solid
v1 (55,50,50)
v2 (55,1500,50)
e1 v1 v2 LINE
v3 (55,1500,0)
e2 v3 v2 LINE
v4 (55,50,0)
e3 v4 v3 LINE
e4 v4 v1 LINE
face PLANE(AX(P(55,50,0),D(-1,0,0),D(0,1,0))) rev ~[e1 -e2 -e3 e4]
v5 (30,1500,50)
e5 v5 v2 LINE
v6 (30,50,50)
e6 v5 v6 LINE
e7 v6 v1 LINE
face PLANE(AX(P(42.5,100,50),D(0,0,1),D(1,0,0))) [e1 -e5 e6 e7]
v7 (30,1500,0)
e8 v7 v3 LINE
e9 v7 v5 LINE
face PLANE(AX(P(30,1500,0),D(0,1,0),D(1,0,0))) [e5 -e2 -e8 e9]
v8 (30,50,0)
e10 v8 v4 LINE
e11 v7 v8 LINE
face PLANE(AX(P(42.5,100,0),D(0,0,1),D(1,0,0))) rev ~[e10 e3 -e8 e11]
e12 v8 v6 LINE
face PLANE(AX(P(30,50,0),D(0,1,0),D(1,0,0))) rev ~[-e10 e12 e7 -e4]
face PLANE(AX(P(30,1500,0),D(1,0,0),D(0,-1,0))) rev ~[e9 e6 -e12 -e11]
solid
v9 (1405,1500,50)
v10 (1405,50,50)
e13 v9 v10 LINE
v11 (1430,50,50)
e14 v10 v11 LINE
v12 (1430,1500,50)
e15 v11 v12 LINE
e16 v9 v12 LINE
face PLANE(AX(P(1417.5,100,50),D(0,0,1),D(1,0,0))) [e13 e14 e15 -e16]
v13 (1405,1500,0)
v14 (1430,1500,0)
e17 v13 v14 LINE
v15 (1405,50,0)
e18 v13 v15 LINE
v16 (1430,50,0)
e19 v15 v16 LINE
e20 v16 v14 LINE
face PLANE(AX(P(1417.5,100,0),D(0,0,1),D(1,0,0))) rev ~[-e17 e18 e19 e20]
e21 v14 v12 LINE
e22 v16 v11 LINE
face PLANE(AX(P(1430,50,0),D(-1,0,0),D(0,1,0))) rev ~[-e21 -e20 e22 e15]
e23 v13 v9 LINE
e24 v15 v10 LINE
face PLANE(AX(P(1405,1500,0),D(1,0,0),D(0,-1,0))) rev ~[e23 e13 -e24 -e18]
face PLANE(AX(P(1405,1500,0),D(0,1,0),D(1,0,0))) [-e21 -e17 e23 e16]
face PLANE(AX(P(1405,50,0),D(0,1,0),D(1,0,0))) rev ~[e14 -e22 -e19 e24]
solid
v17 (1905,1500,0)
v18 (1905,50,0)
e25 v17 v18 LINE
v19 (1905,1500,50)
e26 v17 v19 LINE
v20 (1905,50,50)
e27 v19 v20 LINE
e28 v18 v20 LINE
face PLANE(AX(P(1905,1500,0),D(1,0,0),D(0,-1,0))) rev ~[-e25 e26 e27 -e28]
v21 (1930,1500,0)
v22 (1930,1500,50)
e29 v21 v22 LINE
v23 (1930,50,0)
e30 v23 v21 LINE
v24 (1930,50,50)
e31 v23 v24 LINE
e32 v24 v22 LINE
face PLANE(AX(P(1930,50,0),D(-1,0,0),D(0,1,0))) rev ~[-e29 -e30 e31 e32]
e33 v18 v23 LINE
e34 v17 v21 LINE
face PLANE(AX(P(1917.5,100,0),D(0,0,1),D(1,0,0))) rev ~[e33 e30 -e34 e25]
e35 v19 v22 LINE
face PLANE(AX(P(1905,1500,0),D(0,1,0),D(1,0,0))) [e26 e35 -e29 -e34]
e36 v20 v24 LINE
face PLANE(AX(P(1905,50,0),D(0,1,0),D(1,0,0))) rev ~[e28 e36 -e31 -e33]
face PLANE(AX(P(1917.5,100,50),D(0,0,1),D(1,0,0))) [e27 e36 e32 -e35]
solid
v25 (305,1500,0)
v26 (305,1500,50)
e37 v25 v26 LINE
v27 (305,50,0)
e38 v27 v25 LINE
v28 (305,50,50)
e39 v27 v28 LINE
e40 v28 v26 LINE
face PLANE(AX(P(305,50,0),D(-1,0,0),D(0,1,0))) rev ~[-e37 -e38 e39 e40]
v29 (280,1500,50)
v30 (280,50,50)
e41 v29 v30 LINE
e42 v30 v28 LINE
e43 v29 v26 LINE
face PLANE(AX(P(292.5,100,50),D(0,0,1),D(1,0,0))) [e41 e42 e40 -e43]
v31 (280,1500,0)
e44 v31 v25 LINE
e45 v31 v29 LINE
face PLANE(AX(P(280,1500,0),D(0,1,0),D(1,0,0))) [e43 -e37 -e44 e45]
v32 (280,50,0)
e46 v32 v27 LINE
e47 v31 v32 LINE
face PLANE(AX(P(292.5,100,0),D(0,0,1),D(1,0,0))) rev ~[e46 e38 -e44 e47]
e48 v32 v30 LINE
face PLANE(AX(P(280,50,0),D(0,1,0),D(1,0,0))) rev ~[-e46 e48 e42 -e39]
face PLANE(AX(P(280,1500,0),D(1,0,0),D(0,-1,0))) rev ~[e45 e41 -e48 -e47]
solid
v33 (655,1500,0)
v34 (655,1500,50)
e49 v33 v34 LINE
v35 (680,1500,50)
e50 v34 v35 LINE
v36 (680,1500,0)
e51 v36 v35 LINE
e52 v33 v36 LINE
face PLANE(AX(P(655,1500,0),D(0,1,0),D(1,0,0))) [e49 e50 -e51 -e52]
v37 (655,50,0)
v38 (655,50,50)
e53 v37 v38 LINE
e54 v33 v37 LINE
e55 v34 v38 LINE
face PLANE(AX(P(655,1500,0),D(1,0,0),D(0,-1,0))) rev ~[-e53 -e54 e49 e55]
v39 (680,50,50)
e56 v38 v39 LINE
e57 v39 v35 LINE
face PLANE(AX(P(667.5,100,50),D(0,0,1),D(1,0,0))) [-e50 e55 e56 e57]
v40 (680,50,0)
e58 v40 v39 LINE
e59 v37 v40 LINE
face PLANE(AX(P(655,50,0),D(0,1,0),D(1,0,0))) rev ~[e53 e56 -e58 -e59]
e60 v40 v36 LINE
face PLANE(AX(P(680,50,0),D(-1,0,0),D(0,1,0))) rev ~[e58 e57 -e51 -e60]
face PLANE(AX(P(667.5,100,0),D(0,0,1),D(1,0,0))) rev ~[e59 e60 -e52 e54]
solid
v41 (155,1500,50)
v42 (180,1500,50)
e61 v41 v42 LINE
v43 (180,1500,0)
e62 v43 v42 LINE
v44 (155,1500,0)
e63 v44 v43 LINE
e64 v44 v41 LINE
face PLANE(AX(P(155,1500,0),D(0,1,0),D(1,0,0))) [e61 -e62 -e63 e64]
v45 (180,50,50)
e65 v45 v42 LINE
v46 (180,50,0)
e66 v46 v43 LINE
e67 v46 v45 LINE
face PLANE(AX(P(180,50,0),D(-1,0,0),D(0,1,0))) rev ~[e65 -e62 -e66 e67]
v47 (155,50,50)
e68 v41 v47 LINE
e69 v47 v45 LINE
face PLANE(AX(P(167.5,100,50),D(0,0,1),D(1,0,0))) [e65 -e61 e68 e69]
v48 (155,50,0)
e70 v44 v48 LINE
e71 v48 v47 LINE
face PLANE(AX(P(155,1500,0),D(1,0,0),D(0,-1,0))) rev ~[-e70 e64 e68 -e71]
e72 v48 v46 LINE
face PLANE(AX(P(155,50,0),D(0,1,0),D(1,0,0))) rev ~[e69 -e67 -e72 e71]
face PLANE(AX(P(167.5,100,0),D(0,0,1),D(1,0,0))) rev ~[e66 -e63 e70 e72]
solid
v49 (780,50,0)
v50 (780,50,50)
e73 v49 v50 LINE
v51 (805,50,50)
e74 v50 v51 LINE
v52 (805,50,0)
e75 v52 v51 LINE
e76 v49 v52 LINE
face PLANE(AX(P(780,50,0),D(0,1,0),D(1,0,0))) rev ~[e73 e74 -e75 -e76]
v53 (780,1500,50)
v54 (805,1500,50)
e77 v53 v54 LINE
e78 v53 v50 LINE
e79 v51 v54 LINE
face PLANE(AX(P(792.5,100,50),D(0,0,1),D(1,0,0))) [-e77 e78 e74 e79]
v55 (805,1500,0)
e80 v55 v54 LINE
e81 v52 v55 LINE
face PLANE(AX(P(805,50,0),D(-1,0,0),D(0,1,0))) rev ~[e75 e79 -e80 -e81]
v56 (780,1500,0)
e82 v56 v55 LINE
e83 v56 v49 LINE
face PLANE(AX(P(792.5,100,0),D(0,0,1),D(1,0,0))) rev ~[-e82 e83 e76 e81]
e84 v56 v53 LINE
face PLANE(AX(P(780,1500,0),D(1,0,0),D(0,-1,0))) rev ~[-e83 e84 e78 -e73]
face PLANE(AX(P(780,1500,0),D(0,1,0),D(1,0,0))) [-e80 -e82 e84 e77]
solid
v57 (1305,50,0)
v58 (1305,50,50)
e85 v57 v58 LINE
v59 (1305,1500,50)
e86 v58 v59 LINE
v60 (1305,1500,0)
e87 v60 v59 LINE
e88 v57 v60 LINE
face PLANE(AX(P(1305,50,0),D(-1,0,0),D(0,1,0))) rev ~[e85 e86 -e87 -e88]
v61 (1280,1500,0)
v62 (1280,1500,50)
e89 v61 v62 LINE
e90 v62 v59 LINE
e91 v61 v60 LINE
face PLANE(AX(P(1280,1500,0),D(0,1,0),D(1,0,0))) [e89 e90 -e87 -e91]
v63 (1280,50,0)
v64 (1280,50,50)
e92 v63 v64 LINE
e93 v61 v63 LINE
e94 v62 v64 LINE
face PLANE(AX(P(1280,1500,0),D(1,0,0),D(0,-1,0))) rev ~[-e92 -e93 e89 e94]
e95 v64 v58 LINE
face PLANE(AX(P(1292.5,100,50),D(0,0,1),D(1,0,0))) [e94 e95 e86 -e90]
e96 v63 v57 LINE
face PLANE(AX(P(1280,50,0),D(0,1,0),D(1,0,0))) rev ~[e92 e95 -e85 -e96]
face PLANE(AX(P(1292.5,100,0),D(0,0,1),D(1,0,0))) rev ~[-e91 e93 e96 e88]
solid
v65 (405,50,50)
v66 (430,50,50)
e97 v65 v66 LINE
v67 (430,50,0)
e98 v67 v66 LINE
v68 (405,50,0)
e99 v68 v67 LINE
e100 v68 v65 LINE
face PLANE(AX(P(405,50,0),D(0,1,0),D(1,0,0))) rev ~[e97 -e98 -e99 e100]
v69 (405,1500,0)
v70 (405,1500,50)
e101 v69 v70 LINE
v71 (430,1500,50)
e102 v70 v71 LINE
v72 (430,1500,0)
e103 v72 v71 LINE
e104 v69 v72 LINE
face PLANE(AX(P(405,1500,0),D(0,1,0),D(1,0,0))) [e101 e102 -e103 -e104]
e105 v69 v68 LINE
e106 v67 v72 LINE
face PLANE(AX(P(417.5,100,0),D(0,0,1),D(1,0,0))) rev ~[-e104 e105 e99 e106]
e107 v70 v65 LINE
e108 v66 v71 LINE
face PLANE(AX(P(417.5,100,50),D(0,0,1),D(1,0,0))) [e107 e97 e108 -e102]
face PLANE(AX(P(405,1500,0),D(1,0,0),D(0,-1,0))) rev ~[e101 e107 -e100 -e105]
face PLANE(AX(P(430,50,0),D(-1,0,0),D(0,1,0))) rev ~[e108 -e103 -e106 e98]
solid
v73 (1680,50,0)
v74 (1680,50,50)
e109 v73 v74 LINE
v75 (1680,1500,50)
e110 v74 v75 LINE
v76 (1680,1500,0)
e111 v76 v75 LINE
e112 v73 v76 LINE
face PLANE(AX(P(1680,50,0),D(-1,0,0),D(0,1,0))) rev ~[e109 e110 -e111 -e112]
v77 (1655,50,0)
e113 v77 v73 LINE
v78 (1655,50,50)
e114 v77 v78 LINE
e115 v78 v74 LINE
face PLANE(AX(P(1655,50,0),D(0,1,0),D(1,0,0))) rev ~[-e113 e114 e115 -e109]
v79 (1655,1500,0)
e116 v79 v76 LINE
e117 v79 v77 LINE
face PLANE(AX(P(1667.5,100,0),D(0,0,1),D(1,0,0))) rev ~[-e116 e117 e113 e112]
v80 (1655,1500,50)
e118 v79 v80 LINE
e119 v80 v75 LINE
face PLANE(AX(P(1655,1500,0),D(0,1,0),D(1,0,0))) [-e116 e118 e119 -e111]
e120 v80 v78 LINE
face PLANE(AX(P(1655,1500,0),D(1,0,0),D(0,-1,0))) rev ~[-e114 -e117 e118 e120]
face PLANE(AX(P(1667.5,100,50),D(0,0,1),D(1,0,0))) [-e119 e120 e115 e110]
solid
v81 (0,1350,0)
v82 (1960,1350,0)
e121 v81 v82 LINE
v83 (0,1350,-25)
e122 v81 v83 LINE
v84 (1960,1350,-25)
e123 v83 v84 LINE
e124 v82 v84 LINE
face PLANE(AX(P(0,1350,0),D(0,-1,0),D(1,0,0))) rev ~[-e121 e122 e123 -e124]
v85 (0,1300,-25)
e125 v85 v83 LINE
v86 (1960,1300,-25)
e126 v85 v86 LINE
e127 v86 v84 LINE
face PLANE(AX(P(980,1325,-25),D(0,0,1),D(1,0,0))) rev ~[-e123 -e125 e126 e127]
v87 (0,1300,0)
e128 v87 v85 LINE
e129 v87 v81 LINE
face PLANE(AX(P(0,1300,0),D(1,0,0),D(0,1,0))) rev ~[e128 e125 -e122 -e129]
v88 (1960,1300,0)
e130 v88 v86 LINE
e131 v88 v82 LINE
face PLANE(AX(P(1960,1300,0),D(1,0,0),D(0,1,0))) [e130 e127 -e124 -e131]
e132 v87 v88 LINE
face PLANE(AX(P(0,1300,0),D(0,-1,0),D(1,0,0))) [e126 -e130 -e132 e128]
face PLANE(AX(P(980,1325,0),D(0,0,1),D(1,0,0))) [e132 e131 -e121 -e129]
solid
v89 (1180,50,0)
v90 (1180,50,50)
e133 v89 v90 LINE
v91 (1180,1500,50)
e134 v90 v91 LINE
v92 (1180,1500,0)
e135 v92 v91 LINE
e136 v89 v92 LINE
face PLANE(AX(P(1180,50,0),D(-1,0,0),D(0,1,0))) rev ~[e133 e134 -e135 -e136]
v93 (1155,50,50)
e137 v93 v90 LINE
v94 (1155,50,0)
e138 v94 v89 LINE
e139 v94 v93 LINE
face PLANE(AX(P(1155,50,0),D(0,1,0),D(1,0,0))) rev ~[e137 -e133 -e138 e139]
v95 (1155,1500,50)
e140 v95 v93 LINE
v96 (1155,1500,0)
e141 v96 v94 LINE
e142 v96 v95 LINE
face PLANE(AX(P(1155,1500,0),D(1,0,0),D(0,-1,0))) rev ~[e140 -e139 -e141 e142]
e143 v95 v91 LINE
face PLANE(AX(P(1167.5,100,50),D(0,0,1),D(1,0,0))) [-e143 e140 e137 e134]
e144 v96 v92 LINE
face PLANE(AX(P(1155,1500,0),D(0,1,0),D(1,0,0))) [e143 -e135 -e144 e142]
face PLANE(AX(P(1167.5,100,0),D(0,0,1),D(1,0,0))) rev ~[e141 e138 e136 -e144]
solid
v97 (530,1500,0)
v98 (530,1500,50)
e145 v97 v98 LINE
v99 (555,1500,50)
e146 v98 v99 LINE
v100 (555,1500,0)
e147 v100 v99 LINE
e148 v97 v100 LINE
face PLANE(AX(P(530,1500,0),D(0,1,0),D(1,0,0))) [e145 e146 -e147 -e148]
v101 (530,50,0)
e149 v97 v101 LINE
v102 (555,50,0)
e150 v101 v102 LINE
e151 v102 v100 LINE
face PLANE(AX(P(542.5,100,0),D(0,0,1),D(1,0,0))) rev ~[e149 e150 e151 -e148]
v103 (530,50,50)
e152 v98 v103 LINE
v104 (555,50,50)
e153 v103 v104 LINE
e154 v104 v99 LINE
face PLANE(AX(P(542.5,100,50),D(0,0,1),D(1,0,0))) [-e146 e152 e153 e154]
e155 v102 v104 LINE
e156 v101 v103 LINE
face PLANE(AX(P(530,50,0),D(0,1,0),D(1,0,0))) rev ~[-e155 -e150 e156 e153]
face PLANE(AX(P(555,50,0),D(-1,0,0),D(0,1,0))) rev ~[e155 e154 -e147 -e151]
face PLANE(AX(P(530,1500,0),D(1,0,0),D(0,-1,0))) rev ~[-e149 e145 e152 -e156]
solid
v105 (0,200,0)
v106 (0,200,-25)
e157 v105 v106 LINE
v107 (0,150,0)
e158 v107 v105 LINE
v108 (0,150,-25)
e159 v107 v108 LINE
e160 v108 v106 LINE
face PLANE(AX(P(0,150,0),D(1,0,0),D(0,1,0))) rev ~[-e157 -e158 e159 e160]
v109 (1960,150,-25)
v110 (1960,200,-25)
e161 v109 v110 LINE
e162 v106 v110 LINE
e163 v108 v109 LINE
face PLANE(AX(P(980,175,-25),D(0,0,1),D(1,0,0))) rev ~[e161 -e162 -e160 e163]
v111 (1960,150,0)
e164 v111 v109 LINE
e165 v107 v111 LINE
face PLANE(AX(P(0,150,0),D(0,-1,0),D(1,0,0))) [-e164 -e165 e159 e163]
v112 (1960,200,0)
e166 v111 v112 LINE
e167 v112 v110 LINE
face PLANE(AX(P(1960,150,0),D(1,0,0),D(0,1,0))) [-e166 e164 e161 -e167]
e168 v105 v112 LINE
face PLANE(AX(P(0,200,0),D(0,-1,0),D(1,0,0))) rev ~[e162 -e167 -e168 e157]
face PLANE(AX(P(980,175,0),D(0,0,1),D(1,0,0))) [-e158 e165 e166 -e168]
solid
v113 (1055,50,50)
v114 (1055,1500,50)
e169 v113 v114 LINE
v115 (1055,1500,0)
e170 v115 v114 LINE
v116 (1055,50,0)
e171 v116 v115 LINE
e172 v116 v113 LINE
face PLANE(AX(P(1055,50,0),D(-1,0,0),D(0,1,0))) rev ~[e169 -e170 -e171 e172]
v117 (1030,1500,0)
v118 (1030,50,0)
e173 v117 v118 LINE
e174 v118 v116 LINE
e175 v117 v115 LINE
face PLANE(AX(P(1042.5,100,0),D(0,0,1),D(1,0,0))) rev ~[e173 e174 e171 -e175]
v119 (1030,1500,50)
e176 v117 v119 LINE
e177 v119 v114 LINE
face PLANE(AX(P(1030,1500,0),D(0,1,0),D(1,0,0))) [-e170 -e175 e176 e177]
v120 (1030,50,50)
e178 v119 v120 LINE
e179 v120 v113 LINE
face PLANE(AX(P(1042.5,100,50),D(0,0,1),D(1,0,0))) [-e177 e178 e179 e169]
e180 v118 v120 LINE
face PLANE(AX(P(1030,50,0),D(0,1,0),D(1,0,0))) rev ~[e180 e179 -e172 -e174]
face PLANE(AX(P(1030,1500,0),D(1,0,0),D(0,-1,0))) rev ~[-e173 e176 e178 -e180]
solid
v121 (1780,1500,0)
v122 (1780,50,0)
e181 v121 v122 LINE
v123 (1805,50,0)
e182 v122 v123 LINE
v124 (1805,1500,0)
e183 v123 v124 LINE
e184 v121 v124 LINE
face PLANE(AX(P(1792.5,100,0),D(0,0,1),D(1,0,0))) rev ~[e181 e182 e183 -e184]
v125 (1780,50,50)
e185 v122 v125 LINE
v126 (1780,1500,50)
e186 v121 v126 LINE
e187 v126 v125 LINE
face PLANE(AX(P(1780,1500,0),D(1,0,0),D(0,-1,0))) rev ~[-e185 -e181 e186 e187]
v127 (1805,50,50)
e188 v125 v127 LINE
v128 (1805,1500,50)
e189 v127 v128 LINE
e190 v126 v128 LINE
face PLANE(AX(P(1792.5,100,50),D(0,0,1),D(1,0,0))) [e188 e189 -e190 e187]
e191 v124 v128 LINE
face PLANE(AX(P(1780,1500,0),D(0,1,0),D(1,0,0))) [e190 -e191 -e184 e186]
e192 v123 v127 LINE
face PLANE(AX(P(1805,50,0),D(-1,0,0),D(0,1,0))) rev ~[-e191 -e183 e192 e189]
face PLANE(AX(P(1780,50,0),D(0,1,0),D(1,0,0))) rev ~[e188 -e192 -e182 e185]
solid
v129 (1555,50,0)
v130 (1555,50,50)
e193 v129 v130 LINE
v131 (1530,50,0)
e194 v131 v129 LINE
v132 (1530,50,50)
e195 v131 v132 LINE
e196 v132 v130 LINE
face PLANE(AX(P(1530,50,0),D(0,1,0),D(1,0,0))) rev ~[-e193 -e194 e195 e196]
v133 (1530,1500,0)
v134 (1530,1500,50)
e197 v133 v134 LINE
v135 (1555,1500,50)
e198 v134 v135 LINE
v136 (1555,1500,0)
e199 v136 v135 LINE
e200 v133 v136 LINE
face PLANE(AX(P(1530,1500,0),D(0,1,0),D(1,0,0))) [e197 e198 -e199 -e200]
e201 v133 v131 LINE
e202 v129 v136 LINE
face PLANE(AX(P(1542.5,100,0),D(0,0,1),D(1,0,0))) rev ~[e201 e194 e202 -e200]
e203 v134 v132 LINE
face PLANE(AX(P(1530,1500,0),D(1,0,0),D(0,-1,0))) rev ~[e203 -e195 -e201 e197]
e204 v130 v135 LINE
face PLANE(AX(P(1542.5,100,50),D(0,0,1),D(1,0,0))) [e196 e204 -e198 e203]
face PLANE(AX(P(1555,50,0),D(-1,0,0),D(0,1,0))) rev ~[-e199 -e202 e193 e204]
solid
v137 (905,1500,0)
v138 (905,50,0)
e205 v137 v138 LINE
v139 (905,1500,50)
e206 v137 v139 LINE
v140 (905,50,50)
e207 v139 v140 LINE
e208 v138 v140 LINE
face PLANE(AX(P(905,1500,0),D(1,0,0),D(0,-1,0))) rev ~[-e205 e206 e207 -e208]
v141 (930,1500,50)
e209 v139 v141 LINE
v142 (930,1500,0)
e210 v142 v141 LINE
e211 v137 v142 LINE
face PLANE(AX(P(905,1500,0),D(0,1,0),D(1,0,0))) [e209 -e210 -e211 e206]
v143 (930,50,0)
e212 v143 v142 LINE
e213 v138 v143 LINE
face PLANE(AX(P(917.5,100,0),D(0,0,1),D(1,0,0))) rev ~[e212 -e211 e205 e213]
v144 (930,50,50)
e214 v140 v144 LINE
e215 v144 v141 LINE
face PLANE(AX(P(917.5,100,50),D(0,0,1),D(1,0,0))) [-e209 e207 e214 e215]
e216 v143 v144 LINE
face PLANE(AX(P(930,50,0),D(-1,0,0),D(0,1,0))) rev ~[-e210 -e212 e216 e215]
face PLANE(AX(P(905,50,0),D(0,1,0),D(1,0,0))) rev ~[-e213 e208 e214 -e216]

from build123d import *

# Parameters (mm, degrees)
F0_W     = 25
F0_H     = 100
F0_H_2   = 150
F0_H_3   = 1150
F0_H_4   = 25
F1_DEPTH = 50
F2_W     = 1960
F2_H     = 50
F3_DEPTH = 25


with BuildPart() as f1:
    # F0 (on Top) → F1 (new body)
    with BuildSketch(Plane.XY):
        with Locations((42.5, 100)):
            Rectangle(F0_W, F0_H)
        with Locations((42.5, 1425)):
            Rectangle(F0_W, F0_H_2)
        with Locations((42.5, 750)):
            Rectangle(F0_W, F0_H_3)
        with Locations((42.5, 162.5)):
            Rectangle(F0_W, F0_H_4)
        with Locations((42.5, 1337.5)):
            Rectangle(F0_W, F0_H_4)
    extrude(amount=F1_DEPTH)


with BuildPart() as f1b:
    # F0 (on Top) → F1, piece 2 (new body)
    with BuildSketch(Plane.XY):
        with Locations((167.5, 100)):
            Rectangle(F0_W, F0_H)
        with Locations((167.5, 1425)):
            Rectangle(F0_W, F0_H_2)
        with Locations((167.5, 162.5)):
            Rectangle(F0_W, F0_H_4)
        with Locations((167.5, 1337.5)):
            Rectangle(F0_W, F0_H_4)
        with Locations((167.5, 750)):
            Rectangle(F0_W, F0_H_3)
    extrude(amount=F1_DEPTH)


with BuildPart() as f1c:
    # F0 (on Top) → F1, piece 3 (new body)
    with BuildSketch(Plane.XY):
        with Locations((292.5, 100)):
            Rectangle(F0_W, F0_H)
        with Locations((292.5, 1425)):
            Rectangle(F0_W, F0_H_2)
        with Locations((292.5, 162.5)):
            Rectangle(F0_W, F0_H_4)
        with Locations((292.5, 1337.5)):
            Rectangle(F0_W, F0_H_4)
        with Locations((292.5, 750)):
            Rectangle(F0_W, F0_H_3)
    extrude(amount=F1_DEPTH)


with BuildPart() as f1d:
    # F0 (on Top) → F1, piece 4 (new body)
    with BuildSketch(Plane.XY):
        with Locations((417.5, 100)):
            Rectangle(F0_W, F0_H)
        with Locations((417.5, 1425)):
            Rectangle(F0_W, F0_H_2)
        with Locations((417.5, 162.5)):
            Rectangle(F0_W, F0_H_4)
        with Locations((417.5, 1337.5)):
            Rectangle(F0_W, F0_H_4)
        with Locations((417.5, 750)):
            Rectangle(F0_W, F0_H_3)
    extrude(amount=F1_DEPTH)


with BuildPart() as f1e:
    # F0 (on Top) → F1, piece 5 (new body)
    with BuildSketch(Plane.XY):
        with Locations((542.5, 100)):
            Rectangle(F0_W, F0_H)
        with Locations((542.5, 1425)):
            Rectangle(F0_W, F0_H_2)
        with Locations((542.5, 162.5)):
            Rectangle(F0_W, F0_H_4)
        with Locations((542.5, 1337.5)):
            Rectangle(F0_W, F0_H_4)
        with Locations((542.5, 750)):
            Rectangle(F0_W, F0_H_3)
    extrude(amount=F1_DEPTH)


with BuildPart() as f1f:
    # F0 (on Top) → F1, piece 6 (new body)
    with BuildSketch(Plane.XY):
        with Locations((667.5, 100)):
            Rectangle(F0_W, F0_H)
        with Locations((667.5, 1425)):
            Rectangle(F0_W, F0_H_2)
        with Locations((667.5, 162.5)):
            Rectangle(F0_W, F0_H_4)
        with Locations((667.5, 1337.5)):
            Rectangle(F0_W, F0_H_4)
        with Locations((667.5, 750)):
            Rectangle(F0_W, F0_H_3)
    extrude(amount=F1_DEPTH)


with BuildPart() as f1g:
    # F0 (on Top) → F1, piece 7 (new body)
    with BuildSketch(Plane.XY):
        with Locations((792.5, 100)):
            Rectangle(F0_W, F0_H)
        with Locations((792.5, 1425)):
            Rectangle(F0_W, F0_H_2)
        with Locations((792.5, 162.5)):
            Rectangle(F0_W, F0_H_4)
        with Locations((792.5, 1337.5)):
            Rectangle(F0_W, F0_H_4)
        with Locations((792.5, 750)):
            Rectangle(F0_W, F0_H_3)
    extrude(amount=F1_DEPTH)


with BuildPart() as f1h:
    # F0 (on Top) → F1, piece 8 (new body)
    with BuildSketch(Plane.XY):
        with Locations((917.5, 100)):
            Rectangle(F0_W, F0_H)
        with Locations((917.5, 1425)):
            Rectangle(F0_W, F0_H_2)
        with Locations((917.5, 162.5)):
            Rectangle(F0_W, F0_H_4)
        with Locations((917.5, 1337.5)):
            Rectangle(F0_W, F0_H_4)
        with Locations((917.5, 750)):
            Rectangle(F0_W, F0_H_3)
    extrude(amount=F1_DEPTH)


with BuildPart() as f1i:
    # F0 (on Top) → F1, piece 9 (new body)
    with BuildSketch(Plane.XY):
        with Locations((1042.5, 100)):
            Rectangle(F0_W, F0_H)
        with Locations((1042.5, 1425)):
            Rectangle(F0_W, F0_H_2)
        with Locations((1042.5, 162.5)):
            Rectangle(F0_W, F0_H_4)
        with Locations((1042.5, 1337.5)):
            Rectangle(F0_W, F0_H_4)
        with Locations((1042.5, 750)):
            Rectangle(F0_W, F0_H_3)
    extrude(amount=F1_DEPTH)


with BuildPart() as f1j:
    # F0 (on Top) → F1, piece 10 (new body)
    with BuildSketch(Plane.XY):
        with Locations((1167.5, 100)):
            Rectangle(F0_W, F0_H)
        with Locations((1167.5, 1425)):
            Rectangle(F0_W, F0_H_2)
        with Locations((1167.5, 162.5)):
            Rectangle(F0_W, F0_H_4)
        with Locations((1167.5, 1337.5)):
            Rectangle(F0_W, F0_H_4)
        with Locations((1167.5, 750)):
            Rectangle(F0_W, F0_H_3)
    extrude(amount=F1_DEPTH)


with BuildPart() as f1k:
    # F0 (on Top) → F1, piece 11 (new body)
    with BuildSketch(Plane.XY):
        with Locations((1292.5, 100)):
            Rectangle(F0_W, F0_H)
        with Locations((1292.5, 1425)):
            Rectangle(F0_W, F0_H_2)
        with Locations((1292.5, 162.5)):
            Rectangle(F0_W, F0_H_4)
        with Locations((1292.5, 1337.5)):
            Rectangle(F0_W, F0_H_4)
        with Locations((1292.5, 750)):
            Rectangle(F0_W, F0_H_3)
    extrude(amount=F1_DEPTH)


with BuildPart() as f1l:
    # F0 (on Top) → F1, piece 12 (new body)
    with BuildSketch(Plane.XY):
        with Locations((1417.5, 100)):
            Rectangle(F0_W, F0_H)
        with Locations((1417.5, 1425)):
            Rectangle(F0_W, F0_H_2)
        with Locations((1417.5, 162.5)):
            Rectangle(F0_W, F0_H_4)
        with Locations((1417.5, 1337.5)):
            Rectangle(F0_W, F0_H_4)
        with Locations((1417.5, 750)):
            Rectangle(F0_W, F0_H_3)
    extrude(amount=F1_DEPTH)


with BuildPart() as f1m:
    # F0 (on Top) → F1, piece 13 (new body)
    with BuildSketch(Plane.XY):
        with Locations((1542.5, 100)):
            Rectangle(F0_W, F0_H)
        with Locations((1542.5, 1425)):
            Rectangle(F0_W, F0_H_2)
        with Locations((1542.5, 162.5)):
            Rectangle(F0_W, F0_H_4)
        with Locations((1542.5, 1337.5)):
            Rectangle(F0_W, F0_H_4)
        with Locations((1542.5, 750)):
            Rectangle(F0_W, F0_H_3)
    extrude(amount=F1_DEPTH)


with BuildPart() as f1n:
    # F0 (on Top) → F1, piece 14 (new body)
    with BuildSketch(Plane.XY):
        with Locations((1667.5, 100)):
            Rectangle(F0_W, F0_H)
        with Locations((1667.5, 1425)):
            Rectangle(F0_W, F0_H_2)
        with Locations((1667.5, 162.5)):
            Rectangle(F0_W, F0_H_4)
        with Locations((1667.5, 1337.5)):
            Rectangle(F0_W, F0_H_4)
        with Locations((1667.5, 750)):
            Rectangle(F0_W, F0_H_3)
    extrude(amount=F1_DEPTH)


with BuildPart() as f1o:
    # F0 (on Top) → F1, piece 15 (new body)
    with BuildSketch(Plane.XY):
        with Locations((1792.5, 100)):
            Rectangle(F0_W, F0_H)
        with Locations((1792.5, 1425)):
            Rectangle(F0_W, F0_H_2)
        with Locations((1792.5, 162.5)):
            Rectangle(F0_W, F0_H_4)
        with Locations((1792.5, 1337.5)):
            Rectangle(F0_W, F0_H_4)
        with Locations((1792.5, 750)):
            Rectangle(F0_W, F0_H_3)
    extrude(amount=F1_DEPTH)


with BuildPart() as f1p:
    # F0 (on Top) → F1, piece 16 (new body)
    with BuildSketch(Plane.XY):
        with Locations((1917.5, 100)):
            Rectangle(F0_W, F0_H)
        with Locations((1917.5, 1425)):
            Rectangle(F0_W, F0_H_2)
        with Locations((1917.5, 750)):
            Rectangle(F0_W, F0_H_3)
        with Locations((1917.5, 162.5)):
            Rectangle(F0_W, F0_H_4)
        with Locations((1917.5, 1337.5)):
            Rectangle(F0_W, F0_H_4)
    extrude(amount=F1_DEPTH)


with BuildPart() as f3:
    # F2 (on Top) → F3 (new body)
    with BuildSketch(Plane.XY):
        with Locations((980, 175)):
            Rectangle(F2_W, F2_H)
    extrude(amount=-F3_DEPTH)


with BuildPart() as f3b:
    # F2 (on Top) → F3, piece 2 (new body)
    with BuildSketch(Plane.XY):
        with Locations((980, 1325)):
            Rectangle(F2_W, F2_H)
    extrude(amount=-F3_DEPTH)


solid = Compound([f1.part, f1b.part, f1c.part, f1d.part, f1e.part, f1f.part, f1g.part, f1h.part, f1i.part, f1j.part, f1k.part, f1l.part, f1m.part, f1n.part, f1o.part, f1p.part, f3.part, f3b.part])
